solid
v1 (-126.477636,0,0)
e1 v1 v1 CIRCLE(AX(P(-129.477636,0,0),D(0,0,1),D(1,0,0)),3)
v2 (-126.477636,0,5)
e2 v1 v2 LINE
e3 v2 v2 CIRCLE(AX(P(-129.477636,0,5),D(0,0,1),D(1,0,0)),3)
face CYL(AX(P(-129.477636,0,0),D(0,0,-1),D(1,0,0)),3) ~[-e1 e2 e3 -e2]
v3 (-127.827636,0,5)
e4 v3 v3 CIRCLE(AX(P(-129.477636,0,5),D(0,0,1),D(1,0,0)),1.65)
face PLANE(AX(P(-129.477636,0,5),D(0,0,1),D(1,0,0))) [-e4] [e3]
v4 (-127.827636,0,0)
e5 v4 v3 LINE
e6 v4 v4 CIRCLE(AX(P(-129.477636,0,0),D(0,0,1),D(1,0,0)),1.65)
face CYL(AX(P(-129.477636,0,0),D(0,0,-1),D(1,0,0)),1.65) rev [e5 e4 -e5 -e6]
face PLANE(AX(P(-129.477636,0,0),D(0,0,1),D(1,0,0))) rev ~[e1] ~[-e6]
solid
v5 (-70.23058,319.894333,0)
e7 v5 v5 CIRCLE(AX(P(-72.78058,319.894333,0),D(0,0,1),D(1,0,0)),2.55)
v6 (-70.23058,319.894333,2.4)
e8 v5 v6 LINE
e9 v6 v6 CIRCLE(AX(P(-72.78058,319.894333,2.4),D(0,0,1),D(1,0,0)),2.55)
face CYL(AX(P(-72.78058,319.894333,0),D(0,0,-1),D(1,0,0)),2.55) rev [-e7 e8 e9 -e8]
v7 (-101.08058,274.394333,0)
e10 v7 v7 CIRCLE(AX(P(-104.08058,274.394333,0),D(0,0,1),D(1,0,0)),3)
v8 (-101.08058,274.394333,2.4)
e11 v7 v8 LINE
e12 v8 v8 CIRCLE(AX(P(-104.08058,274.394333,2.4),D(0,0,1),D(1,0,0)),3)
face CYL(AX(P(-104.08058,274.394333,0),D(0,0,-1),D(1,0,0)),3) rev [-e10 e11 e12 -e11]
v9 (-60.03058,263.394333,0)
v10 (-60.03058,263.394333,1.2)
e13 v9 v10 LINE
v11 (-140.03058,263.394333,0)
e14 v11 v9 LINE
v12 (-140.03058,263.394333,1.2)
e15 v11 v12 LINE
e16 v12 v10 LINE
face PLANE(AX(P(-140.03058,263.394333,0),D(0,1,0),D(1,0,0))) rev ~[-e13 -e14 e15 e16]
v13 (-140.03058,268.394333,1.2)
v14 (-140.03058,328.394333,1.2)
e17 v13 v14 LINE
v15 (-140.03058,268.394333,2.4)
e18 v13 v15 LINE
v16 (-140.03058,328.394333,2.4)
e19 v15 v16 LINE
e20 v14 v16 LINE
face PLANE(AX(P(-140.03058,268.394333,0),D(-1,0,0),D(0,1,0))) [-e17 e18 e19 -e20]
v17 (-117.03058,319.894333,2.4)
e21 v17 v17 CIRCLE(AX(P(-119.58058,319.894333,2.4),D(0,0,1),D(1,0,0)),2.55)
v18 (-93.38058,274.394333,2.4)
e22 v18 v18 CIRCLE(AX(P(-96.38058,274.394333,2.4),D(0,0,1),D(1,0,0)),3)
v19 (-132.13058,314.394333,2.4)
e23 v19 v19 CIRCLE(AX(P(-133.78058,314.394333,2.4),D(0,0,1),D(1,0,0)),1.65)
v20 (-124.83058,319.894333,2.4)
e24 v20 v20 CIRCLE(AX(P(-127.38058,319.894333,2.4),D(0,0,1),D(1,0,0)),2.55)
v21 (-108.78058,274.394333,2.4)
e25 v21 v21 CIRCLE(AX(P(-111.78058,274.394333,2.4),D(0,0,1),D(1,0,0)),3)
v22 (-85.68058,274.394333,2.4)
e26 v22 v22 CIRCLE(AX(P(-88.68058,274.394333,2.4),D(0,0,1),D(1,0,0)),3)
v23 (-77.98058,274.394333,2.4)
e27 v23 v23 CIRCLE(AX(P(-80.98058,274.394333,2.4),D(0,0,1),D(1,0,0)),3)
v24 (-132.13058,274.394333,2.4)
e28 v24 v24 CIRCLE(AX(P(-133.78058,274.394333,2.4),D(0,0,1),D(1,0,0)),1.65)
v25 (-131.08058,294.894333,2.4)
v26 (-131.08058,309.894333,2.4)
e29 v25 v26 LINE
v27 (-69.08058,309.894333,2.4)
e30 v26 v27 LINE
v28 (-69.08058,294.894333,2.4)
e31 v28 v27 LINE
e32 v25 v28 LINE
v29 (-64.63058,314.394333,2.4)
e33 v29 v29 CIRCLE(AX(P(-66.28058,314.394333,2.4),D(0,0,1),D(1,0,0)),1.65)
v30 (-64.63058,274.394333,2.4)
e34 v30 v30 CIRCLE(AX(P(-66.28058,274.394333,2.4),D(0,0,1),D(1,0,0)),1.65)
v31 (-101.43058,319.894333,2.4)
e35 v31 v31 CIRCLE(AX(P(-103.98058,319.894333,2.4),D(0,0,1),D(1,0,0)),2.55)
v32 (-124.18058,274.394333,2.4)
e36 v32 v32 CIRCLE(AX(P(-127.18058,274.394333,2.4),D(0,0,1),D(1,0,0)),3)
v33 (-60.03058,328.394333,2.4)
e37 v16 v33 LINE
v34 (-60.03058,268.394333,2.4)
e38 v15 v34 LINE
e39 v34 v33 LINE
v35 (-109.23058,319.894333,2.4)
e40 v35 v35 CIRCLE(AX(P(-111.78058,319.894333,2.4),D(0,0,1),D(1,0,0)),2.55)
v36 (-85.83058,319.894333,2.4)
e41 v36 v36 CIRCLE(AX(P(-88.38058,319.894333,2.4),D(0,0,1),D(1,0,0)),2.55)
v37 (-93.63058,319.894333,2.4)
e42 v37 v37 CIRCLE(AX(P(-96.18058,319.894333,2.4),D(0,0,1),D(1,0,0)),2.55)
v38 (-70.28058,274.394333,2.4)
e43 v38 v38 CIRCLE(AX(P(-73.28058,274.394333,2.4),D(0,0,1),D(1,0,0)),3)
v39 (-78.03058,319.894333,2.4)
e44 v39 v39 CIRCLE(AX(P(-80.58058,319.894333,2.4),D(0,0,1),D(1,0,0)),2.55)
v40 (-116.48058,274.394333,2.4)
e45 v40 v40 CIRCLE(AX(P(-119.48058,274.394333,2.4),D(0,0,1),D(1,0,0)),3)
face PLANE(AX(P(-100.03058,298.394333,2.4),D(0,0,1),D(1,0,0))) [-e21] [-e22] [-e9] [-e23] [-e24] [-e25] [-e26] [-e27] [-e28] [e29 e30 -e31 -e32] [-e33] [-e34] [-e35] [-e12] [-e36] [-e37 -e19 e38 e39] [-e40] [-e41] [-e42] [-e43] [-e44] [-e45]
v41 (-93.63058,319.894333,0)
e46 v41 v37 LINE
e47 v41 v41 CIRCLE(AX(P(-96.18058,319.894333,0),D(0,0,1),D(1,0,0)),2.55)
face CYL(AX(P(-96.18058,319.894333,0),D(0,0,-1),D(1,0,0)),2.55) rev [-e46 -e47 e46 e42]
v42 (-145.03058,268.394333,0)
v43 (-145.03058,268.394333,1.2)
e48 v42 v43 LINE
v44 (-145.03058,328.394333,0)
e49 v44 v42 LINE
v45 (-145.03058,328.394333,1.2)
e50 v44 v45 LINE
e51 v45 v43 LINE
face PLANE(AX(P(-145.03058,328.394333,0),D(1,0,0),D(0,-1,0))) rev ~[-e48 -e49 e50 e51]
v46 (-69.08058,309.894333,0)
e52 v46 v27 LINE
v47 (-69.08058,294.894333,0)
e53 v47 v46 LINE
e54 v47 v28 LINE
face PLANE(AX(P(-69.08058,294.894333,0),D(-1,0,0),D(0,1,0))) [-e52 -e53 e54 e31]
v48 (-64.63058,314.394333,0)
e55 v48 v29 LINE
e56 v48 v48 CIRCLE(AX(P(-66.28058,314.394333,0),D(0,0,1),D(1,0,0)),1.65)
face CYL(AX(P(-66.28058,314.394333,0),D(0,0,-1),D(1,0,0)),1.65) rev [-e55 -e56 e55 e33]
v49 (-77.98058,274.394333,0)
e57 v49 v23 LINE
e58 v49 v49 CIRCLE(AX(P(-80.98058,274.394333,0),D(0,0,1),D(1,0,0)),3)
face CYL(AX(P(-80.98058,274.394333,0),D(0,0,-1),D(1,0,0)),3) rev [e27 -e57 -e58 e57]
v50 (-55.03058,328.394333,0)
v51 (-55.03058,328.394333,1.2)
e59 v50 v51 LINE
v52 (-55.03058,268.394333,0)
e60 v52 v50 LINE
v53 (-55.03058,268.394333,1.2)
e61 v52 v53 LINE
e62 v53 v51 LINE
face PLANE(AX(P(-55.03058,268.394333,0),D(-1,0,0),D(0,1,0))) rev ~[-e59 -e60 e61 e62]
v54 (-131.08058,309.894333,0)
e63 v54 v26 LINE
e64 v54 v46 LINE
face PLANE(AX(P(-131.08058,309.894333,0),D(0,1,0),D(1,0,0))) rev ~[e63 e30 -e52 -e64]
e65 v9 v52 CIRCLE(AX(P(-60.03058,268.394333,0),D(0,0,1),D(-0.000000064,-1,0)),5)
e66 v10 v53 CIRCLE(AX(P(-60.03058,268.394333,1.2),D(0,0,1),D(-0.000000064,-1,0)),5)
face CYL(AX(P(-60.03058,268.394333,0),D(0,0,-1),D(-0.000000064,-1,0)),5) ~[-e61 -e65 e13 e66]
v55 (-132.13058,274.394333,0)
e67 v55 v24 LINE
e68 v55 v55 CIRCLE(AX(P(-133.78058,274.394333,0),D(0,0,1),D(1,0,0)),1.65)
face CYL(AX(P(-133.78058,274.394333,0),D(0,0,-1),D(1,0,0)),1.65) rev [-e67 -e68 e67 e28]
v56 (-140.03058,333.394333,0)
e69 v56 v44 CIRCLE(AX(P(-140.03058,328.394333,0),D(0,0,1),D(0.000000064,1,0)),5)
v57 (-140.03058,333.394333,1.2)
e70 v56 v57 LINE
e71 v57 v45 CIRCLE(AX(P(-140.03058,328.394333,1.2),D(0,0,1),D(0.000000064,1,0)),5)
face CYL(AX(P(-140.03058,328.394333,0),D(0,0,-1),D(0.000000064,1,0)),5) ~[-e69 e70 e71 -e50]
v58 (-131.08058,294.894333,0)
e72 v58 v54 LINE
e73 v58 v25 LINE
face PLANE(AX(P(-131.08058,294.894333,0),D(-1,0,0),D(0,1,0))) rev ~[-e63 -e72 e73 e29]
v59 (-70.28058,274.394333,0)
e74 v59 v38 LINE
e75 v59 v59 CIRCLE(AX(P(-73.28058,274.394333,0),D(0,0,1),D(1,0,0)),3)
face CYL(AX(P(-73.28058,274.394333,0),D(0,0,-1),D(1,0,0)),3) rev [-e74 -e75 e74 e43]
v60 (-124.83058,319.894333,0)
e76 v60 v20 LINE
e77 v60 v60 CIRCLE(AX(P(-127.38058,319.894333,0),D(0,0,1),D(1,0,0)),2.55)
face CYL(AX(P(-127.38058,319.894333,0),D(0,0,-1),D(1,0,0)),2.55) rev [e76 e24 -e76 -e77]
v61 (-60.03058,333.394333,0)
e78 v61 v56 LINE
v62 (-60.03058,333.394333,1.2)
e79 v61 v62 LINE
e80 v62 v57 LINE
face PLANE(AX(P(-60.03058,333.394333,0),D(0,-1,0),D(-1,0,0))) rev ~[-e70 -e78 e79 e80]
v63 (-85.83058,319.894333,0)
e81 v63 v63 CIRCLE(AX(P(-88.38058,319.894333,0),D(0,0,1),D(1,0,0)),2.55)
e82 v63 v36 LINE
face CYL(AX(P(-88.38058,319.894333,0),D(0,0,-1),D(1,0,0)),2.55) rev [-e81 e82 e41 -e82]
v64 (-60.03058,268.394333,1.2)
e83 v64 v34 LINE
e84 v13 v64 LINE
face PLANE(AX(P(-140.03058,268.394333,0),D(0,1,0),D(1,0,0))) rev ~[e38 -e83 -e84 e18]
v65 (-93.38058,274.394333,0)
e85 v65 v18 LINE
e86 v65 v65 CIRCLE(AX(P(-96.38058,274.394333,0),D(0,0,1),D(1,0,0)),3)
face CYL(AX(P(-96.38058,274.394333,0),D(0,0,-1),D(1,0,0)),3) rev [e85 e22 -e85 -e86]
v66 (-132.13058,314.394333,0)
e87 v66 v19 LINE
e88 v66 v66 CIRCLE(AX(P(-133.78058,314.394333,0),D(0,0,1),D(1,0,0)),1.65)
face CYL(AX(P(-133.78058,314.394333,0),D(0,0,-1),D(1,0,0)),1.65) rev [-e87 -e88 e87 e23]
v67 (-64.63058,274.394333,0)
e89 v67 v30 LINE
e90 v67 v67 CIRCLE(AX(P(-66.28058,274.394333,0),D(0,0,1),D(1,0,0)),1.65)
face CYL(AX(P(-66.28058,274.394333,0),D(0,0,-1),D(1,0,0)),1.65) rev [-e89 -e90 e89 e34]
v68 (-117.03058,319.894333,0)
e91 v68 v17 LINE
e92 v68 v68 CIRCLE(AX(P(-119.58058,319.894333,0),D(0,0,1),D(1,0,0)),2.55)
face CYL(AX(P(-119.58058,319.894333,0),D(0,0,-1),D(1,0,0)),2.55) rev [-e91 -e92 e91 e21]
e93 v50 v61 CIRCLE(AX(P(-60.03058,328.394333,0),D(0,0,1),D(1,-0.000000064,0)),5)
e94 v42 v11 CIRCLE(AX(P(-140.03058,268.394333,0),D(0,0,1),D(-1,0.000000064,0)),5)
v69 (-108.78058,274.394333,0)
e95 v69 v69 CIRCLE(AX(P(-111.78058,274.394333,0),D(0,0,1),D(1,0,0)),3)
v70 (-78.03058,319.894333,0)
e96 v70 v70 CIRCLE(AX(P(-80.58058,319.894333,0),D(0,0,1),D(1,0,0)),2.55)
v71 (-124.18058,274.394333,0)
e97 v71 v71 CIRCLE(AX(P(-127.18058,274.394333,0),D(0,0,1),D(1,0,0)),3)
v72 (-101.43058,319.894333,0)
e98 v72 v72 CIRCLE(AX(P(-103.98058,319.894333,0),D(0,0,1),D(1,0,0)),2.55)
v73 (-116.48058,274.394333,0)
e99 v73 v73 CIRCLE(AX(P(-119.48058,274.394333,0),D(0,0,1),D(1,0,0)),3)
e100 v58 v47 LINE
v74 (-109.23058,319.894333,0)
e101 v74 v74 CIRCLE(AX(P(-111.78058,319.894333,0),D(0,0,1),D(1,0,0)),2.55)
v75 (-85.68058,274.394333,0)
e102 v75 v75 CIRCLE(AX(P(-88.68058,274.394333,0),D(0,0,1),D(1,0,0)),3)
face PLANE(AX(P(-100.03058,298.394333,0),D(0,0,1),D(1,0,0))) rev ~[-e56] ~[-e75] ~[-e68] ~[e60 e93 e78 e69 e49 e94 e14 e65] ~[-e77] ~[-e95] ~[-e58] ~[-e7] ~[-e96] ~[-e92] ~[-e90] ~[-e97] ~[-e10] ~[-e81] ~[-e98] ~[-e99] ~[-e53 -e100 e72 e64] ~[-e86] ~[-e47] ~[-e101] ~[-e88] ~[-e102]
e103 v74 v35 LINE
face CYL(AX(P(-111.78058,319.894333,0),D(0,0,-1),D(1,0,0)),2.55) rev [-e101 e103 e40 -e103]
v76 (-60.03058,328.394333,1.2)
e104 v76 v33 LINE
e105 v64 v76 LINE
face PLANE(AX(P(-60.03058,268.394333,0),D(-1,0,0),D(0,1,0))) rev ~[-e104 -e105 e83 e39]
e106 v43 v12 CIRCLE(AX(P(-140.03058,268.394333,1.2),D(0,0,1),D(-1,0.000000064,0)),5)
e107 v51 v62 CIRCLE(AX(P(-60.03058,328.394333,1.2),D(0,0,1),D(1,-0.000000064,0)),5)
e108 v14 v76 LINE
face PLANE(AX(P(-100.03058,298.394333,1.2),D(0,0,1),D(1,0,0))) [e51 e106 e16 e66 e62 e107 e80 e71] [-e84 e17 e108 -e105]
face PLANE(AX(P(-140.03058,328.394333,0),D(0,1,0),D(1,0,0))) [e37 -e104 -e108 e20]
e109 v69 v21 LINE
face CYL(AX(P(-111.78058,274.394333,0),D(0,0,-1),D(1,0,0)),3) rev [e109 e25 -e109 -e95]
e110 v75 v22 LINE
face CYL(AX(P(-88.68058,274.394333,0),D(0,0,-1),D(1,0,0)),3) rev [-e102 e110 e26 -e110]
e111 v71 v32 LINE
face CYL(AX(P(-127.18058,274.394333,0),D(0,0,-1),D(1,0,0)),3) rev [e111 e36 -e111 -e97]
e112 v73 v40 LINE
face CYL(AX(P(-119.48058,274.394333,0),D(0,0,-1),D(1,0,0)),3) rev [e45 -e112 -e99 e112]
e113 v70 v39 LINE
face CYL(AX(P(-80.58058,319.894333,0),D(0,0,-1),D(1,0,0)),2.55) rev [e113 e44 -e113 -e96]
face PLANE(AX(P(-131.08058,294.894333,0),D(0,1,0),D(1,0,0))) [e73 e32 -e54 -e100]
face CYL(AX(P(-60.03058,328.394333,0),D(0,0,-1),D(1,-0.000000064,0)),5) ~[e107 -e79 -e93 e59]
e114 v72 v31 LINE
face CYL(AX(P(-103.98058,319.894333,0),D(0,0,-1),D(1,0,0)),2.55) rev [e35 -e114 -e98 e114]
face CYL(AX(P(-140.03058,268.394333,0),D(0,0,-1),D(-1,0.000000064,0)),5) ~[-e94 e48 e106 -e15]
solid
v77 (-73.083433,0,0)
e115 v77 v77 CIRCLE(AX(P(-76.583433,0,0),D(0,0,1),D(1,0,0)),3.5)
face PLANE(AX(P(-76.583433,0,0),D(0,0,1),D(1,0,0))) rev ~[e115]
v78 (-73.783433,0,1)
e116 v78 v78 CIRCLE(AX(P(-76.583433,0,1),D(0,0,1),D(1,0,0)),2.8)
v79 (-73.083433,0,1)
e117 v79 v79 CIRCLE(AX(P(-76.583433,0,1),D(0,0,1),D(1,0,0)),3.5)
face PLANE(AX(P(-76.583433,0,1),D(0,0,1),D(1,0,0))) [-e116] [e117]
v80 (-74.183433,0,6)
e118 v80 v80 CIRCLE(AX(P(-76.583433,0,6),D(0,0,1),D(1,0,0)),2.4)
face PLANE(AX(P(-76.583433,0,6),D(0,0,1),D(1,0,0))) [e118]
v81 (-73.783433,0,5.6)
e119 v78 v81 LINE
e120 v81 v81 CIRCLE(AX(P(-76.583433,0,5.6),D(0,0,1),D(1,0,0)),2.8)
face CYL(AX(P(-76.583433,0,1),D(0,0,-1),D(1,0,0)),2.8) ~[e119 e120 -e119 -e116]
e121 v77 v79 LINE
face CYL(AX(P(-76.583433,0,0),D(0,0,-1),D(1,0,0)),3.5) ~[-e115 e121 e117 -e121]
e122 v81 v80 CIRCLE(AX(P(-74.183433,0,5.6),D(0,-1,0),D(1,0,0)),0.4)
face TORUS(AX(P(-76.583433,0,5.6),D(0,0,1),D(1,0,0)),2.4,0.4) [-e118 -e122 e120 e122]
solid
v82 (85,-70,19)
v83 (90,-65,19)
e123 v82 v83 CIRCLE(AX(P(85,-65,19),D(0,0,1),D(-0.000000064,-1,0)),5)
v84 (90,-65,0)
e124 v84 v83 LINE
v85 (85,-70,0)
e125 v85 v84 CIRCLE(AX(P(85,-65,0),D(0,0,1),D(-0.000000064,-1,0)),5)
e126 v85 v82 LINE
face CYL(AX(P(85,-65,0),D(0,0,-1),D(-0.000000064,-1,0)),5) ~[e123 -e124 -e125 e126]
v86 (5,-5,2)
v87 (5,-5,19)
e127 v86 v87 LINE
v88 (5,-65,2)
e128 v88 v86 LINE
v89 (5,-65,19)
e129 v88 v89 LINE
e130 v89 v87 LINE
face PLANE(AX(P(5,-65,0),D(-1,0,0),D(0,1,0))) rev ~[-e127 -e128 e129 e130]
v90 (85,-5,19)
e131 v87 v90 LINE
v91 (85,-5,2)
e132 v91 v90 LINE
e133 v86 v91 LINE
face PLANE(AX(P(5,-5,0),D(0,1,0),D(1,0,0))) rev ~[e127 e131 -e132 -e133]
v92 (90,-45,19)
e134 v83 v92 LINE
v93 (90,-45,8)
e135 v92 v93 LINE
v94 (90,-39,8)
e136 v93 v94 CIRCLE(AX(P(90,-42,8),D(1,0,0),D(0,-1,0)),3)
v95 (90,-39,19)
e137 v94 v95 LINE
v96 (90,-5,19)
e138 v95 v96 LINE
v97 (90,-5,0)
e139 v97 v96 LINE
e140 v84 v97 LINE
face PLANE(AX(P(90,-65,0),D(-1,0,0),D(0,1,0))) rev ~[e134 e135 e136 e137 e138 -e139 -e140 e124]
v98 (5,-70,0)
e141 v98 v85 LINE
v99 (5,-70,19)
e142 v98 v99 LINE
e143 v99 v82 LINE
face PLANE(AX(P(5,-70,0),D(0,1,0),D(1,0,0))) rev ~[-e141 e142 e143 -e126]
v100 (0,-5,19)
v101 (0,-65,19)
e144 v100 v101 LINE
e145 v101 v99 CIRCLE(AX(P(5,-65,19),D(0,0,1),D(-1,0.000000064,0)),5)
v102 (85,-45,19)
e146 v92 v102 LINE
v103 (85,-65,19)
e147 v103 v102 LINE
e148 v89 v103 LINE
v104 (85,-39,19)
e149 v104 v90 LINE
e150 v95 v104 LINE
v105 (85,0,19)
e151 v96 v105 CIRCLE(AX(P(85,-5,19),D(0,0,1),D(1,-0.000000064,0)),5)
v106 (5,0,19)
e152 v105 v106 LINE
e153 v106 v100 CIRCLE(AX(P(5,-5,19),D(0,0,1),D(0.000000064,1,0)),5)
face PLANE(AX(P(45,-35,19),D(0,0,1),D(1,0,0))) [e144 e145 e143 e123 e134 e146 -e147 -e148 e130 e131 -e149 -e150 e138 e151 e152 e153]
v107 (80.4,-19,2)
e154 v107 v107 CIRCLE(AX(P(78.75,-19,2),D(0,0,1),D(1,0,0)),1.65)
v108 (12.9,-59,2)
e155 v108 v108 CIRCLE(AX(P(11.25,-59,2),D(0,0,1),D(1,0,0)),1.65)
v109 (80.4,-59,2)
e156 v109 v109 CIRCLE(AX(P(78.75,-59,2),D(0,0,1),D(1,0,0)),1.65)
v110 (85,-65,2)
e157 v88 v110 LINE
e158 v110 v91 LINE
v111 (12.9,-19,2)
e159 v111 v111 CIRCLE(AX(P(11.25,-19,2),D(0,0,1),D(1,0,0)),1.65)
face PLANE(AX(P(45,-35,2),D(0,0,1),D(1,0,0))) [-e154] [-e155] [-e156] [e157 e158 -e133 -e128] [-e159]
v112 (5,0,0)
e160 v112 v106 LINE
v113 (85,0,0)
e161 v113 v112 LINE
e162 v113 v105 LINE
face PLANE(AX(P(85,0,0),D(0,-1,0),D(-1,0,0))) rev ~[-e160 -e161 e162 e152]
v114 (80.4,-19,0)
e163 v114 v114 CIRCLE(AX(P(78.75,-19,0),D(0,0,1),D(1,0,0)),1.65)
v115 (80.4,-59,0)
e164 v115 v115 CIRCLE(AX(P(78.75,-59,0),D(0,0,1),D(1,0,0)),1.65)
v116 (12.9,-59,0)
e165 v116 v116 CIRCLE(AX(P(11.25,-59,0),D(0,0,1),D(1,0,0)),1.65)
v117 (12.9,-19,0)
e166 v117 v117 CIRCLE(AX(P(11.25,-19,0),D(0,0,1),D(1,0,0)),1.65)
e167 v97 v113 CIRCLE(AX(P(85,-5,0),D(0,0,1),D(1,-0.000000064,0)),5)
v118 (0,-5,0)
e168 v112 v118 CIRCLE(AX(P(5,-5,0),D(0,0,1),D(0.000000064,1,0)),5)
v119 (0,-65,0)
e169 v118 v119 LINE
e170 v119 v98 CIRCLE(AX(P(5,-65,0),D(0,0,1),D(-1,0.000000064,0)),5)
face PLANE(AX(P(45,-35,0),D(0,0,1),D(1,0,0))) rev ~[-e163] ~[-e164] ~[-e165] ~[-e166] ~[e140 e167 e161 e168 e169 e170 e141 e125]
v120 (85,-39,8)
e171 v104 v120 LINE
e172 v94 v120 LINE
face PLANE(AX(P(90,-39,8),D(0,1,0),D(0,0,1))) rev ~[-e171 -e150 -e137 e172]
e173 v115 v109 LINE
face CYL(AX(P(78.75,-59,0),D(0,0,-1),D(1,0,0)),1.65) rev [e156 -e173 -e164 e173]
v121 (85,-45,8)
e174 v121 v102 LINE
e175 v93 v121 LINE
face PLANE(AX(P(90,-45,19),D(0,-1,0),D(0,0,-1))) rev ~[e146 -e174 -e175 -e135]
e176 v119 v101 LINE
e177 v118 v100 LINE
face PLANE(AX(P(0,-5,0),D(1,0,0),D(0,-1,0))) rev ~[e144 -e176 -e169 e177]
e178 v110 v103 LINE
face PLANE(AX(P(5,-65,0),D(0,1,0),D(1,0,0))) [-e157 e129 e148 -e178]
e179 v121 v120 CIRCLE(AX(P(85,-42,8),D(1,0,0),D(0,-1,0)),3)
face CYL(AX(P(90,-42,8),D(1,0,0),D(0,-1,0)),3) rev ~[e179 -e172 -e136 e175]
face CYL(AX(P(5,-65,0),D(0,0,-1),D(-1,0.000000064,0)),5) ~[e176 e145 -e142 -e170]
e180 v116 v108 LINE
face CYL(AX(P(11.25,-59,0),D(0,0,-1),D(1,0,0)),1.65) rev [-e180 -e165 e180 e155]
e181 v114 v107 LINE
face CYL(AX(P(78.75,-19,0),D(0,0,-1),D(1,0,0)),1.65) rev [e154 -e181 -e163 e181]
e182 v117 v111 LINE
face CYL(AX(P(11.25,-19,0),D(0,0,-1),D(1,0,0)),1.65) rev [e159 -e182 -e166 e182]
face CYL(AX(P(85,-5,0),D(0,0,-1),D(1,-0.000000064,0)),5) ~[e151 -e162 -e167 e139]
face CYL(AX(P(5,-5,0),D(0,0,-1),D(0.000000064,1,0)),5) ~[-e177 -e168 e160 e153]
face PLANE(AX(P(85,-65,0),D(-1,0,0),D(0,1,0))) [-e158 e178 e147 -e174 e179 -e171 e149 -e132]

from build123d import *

# Parameters (mm, degrees)
F0_W      = 80
F0_H      = 60
F0_R      = 1.65
F1_DEPTH  = 2
F2_DEPTH  = 19
F4_DEPTH  = 25
F5_W      = 80
F5_H      = 60
F5_R      = 1.65
F5_R_2    = 3
F5_W_2    = 62
F5_H_2    = 15
F5_R_3    = 2.55
F6_DEPTH  = 2.4
F7_DEPTH  = 1.2
F8_R      = 3.5
F9_DEPTH  = 1
F10_R     = 2.8
F11_DEPTH = 5
F12_R     = 0.4
F13_R     = 3
F13_R_2   = 1.65
F14_DEPTH = 5


with BuildPart() as f1:
    # F0 (on Top) → F1 (new body)
    with BuildSketch(Plane.XY):
        with Locations((45, -35)):
            Rectangle(F0_W, F0_H)
        with Locations((11.25, -59)):
            Circle(F0_R, mode=Mode.SUBTRACT)
        with Locations((78.75, -59)):
            Circle(F0_R, mode=Mode.SUBTRACT)
        with Locations((11.25, -19)):
            Circle(F0_R, mode=Mode.SUBTRACT)
        with Locations((78.75, -19)):
            Circle(F0_R, mode=Mode.SUBTRACT)
    extrude(amount=F1_DEPTH)

    # F0 (on Top) → F2 (join)
    with BuildSketch(Plane.XY):
        with BuildLine():
            Line((85, 0), (5, 0))
            ThreePointArc((5, 0), (1.464466, -1.464466), (0, -5))
            Line((0, -5), (0, -65))
            ThreePointArc((0, -65), (1.464466, -68.535534), (5, -70))
            Line((5, -70), (85, -70))
            ThreePointArc((85, -70), (88.535534, -68.535534), (90, -65))
            Line((90, -65), (90, -5))
            ThreePointArc((90, -5), (88.535534, -1.464466), (85, 0))
        make_face()
        with Locations((45, -35)):
            Rectangle(F0_W, F0_H, mode=Mode.SUBTRACT)
    extrude(amount=F2_DEPTH)

    # F3 (on face) → F4 (cut)
    with BuildSketch(Plane.YZ.offset(90)):
        with BuildLine():
            Line((-45, 19), (-45, 8))
            ThreePointArc((-45, 8), (-42, 5), (-39, 8))
            Line((-39, 8), (-39, 19))
            Line((-39, 19), (-45, 19))
        make_face()
    extrude(amount=-F4_DEPTH, mode=Mode.SUBTRACT)


with BuildPart() as f6:
    # F5 (on Top) → F6 (new body)
    with BuildSketch(Plane.XY):
        with Locations((-100.03058, 298.394333)):
            Rectangle(F5_W, F5_H)
        with Locations((-133.78058, 274.394333)):
            Circle(F5_R, mode=Mode.SUBTRACT)
        with Locations((-127.18058, 274.394333)):
            Circle(F5_R_2, mode=Mode.SUBTRACT)
        with Locations((-119.48058, 274.394333)):
            Circle(F5_R_2, mode=Mode.SUBTRACT)
        with Locations((-111.78058, 274.394333)):
            Circle(F5_R_2, mode=Mode.SUBTRACT)
        with Locations((-104.08058, 274.394333)):
            Circle(F5_R_2, mode=Mode.SUBTRACT)
        with Locations((-96.38058, 274.394333)):
            Circle(F5_R_2, mode=Mode.SUBTRACT)
        with Locations((-88.68058, 274.394333)):
            Circle(F5_R_2, mode=Mode.SUBTRACT)
        with Locations((-80.98058, 274.394333)):
            Circle(F5_R_2, mode=Mode.SUBTRACT)
        with Locations((-73.28058, 274.394333)):
            Circle(F5_R_2, mode=Mode.SUBTRACT)
        with Locations((-66.28058, 274.394333)):
            Circle(F5_R, mode=Mode.SUBTRACT)
        with Locations((-133.78058, 314.394333)):
            Circle(F5_R, mode=Mode.SUBTRACT)
        with Locations((-100.08058, 302.394333)):
            Rectangle(F5_W_2, F5_H_2, mode=Mode.SUBTRACT)
        with Locations((-127.38058, 319.894333)):
            Circle(F5_R_3, mode=Mode.SUBTRACT)
        with Locations((-119.58058, 319.894333)):
            Circle(F5_R_3, mode=Mode.SUBTRACT)
        with Locations((-111.78058, 319.894333)):
            Circle(F5_R_3, mode=Mode.SUBTRACT)
        with Locations((-103.98058, 319.894333)):
            Circle(F5_R_3, mode=Mode.SUBTRACT)
        with Locations((-66.28058, 314.394333)):
            Circle(F5_R, mode=Mode.SUBTRACT)
        with Locations((-96.18058, 319.894333)):
            Circle(F5_R_3, mode=Mode.SUBTRACT)
        with Locations((-88.38058, 319.894333)):
            Circle(F5_R_3, mode=Mode.SUBTRACT)
        with Locations((-80.58058, 319.894333)):
            Circle(F5_R_3, mode=Mode.SUBTRACT)
        with Locations((-72.78058, 319.894333)):
            Circle(F5_R_3, mode=Mode.SUBTRACT)
    extrude(amount=F6_DEPTH)

    # F5 (on Top) → F7 (join)
    with BuildSketch(Plane.XY):
        with BuildLine():
            Line((-60.03058, 333.394333), (-140.03058, 333.394333))
            ThreePointArc((-140.03058, 333.394333), (-143.566114, 331.929867), (-145.03058, 328.394333))
            Line((-145.03058, 328.394333), (-145.03058, 268.394333))
            ThreePointArc((-145.03058, 268.394333), (-143.566114, 264.858799), (-140.03058, 263.394333))
            Line((-140.03058, 263.394333), (-60.03058, 263.394333))
            ThreePointArc((-60.03058, 263.394333), (-56.495046, 264.858799), (-55.03058, 268.394333))
            Line((-55.03058, 268.394333), (-55.03058, 328.394333))
            ThreePointArc((-55.03058, 328.394333), (-56.495046, 331.929867), (-60.03058, 333.394333))
        make_face()
        with Locations((-100.03058, 298.394333)):
            Rectangle(F5_W, F5_H, mode=Mode.SUBTRACT)
    extrude(amount=F7_DEPTH)


with BuildPart() as f9:
    # F8 (on Top) → F9 (new body)
    with BuildSketch(Plane.XY):
        with Locations((-76.583433, 0)):
            Circle(F8_R)
    extrude(amount=F9_DEPTH)

    # F10 (on face) → F11 (join)
    with BuildSketch(Plane.XY.offset(1)):
        with Locations((-76.583433, 0)):
            Circle(F10_R)
    extrude(amount=F11_DEPTH)

    # F12
    f12_edges = [f9.edges().sort_by_distance(p)[0] for p in [
        (-79.383433, 0, 6),
    ]]
    fillet(f12_edges, radius=F12_R)


with BuildPart() as f14:
    # F13 (on Top) → F14 (new body)
    with BuildSketch(Plane.XY):
        with Locations((-129.477636, 0)):
            Circle(F13_R)
        with Locations((-129.477636, 0)):
            Circle(F13_R_2, mode=Mode.SUBTRACT)
    extrude(amount=F14_DEPTH)


solid = Compound([f1.part, f6.part, f9.part, f14.part])
